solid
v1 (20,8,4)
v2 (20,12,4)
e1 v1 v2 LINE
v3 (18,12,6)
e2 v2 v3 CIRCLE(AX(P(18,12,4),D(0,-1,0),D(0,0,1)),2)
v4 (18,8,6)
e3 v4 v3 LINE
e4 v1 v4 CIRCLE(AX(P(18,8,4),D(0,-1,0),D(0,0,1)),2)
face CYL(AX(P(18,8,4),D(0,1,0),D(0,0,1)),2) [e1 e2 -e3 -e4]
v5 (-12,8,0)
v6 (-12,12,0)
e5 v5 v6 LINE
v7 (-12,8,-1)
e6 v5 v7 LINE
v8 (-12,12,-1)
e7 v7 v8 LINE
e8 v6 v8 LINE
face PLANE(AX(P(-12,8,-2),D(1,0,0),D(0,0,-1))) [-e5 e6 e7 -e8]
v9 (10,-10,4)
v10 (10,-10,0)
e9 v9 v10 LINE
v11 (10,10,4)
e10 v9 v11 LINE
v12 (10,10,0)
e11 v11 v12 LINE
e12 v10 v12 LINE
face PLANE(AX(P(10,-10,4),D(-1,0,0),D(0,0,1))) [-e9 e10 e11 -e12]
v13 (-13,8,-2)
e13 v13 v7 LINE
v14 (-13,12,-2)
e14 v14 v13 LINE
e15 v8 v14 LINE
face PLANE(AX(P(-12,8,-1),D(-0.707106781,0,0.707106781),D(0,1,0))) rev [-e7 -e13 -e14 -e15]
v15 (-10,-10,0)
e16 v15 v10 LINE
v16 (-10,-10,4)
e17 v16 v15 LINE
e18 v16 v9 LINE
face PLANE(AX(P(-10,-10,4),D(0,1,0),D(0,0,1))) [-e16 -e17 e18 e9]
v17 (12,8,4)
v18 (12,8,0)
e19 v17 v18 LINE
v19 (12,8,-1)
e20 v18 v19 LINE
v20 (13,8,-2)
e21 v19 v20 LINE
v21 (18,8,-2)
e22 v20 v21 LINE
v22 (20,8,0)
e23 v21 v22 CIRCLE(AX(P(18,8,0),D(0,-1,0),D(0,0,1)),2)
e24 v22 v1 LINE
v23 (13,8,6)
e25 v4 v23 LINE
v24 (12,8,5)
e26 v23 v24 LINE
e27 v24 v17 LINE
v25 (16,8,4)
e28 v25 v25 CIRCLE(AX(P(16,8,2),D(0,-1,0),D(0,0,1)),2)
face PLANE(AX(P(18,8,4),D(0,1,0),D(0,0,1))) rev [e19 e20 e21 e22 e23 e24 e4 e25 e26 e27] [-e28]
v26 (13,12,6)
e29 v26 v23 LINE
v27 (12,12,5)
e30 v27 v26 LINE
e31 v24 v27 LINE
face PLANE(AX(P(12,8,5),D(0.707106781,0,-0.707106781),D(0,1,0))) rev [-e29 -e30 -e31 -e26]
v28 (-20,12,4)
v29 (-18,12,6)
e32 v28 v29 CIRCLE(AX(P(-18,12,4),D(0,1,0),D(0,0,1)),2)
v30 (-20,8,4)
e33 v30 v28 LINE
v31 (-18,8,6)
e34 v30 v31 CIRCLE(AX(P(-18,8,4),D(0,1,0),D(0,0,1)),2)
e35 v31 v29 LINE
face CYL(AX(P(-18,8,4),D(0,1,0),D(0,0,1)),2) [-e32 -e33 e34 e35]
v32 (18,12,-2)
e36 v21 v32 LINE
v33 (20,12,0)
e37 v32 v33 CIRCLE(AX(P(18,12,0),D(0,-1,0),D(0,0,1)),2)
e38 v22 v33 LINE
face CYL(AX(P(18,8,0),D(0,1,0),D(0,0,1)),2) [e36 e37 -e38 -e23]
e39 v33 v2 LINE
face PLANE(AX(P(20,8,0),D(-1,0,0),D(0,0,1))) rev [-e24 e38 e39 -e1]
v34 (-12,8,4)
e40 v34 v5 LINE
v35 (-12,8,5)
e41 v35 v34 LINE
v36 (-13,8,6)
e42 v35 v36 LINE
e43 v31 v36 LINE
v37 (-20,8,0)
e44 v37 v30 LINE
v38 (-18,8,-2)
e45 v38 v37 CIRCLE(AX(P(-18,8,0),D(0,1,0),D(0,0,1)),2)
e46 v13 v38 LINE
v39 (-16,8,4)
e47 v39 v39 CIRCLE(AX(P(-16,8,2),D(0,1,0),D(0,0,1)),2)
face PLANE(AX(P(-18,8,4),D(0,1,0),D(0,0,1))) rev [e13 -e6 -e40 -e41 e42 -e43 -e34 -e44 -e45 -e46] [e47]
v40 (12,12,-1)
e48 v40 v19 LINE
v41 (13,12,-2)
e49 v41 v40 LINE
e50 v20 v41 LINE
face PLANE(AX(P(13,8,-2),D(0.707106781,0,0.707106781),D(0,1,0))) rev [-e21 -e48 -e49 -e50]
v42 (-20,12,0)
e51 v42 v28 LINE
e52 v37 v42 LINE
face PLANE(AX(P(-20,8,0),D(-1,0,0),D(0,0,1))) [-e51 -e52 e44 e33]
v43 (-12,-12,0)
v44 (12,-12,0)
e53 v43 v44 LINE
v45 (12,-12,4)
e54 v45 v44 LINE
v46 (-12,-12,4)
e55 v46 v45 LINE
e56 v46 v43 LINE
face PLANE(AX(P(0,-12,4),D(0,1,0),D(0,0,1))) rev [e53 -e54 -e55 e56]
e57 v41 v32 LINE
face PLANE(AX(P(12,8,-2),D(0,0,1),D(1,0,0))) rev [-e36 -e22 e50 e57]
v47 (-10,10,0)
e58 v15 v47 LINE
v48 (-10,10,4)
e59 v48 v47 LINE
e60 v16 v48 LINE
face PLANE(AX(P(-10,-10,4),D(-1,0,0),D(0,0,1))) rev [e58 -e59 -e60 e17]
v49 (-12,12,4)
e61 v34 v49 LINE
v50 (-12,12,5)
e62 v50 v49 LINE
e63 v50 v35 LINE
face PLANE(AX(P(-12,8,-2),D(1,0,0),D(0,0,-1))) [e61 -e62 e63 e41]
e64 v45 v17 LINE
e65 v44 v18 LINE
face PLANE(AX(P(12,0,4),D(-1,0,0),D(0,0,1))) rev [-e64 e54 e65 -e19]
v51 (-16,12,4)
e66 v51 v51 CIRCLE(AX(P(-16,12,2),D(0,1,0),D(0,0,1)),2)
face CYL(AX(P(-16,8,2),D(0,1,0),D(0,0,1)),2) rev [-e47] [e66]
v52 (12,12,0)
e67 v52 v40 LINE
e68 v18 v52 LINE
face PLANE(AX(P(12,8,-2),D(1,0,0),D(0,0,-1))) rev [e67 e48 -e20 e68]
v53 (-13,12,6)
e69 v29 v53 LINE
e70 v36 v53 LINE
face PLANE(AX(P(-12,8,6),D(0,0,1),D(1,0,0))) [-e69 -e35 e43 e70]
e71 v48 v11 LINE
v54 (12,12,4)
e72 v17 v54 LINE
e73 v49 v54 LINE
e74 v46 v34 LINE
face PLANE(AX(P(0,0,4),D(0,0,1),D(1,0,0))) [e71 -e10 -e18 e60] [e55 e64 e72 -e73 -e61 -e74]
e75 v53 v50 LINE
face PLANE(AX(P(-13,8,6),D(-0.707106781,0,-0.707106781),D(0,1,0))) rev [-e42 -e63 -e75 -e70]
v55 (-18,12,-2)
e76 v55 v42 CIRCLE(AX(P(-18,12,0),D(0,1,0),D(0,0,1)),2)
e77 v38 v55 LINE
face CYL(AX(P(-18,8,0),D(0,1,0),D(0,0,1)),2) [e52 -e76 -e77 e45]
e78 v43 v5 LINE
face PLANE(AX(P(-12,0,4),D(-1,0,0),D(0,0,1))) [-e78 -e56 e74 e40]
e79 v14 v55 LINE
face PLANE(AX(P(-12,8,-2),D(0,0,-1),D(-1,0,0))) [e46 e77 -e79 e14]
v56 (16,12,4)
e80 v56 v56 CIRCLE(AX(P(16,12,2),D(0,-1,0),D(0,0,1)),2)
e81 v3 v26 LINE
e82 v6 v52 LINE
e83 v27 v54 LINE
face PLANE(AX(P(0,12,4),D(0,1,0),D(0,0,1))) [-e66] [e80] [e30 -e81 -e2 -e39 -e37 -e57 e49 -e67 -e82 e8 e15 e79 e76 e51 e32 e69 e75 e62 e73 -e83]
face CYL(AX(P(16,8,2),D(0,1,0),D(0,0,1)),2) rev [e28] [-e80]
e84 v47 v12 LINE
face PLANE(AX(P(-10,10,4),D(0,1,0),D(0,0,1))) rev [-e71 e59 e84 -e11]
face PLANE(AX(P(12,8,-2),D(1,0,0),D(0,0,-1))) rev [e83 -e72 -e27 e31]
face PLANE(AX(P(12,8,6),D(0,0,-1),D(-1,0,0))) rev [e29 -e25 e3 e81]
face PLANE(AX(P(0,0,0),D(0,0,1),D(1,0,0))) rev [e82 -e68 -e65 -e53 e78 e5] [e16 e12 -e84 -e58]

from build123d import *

# Parameters (mm, degrees)
SKETCH_1_W                 = 24
SKETCH_1_H                 = 24
SKETCH_1_W_2               = 20
SKETCH_1_H_2               = 20
EXTRUDE_1_DEPTH            = 4
SKETCH_6_R                 = 2
EXTRUDE_2_DEPTH            = 4
CHAMFER_1_SIZE             = 1
CHAMFER_1_OF_MIRROR_1_SIZE = 1


with BuildPart() as part:
    # Эскиз1 → Бобышка-Вытянуть1 (new body)
    with BuildSketch(Plane.XY):
        Rectangle(SKETCH_1_W, SKETCH_1_H)
        Rectangle(SKETCH_1_W_2, SKETCH_1_H_2, mode=Mode.SUBTRACT)
    extrude(amount=EXTRUDE_1_DEPTH)

    # Эскиз6 → Бобышка-Вытянуть2 (add)
    with BuildSketch(Plane(origin=(0, 12, 0), x_dir=(1, 0, 0), z_dir=(0, 1, 0))):
        with BuildLine():
            Line((-12, 2), (-18, 2))
            ThreePointArc((-18, 2), (-19.414213562, 1.414213562), (-20, 0))
            Line((-20, 0), (-20, -4))
            ThreePointArc((-20, -4), (-19.414213562, -5.414213562), (-18, -6))
            Line((-18, -6), (-12, -6))
            Line((-12, -6), (-12, 2))
        make_face()
        with Locations(Location((-16, -2, 0), (0, 0, 270))):
            Circle(SKETCH_6_R, mode=Mode.SUBTRACT)
    extrude_2 = extrude(amount=-EXTRUDE_2_DEPTH)

    # Фаска1
    chamfer_1_edges = [part.edges().sort_by_distance(p)[0] for p in [
        (-12, 10, -2),
        (-12, 10, 6),
    ]]
    chamfer(chamfer_1_edges, length=CHAMFER_1_SIZE)

    # Зеркальное отражение1: Бобышка-Вытянуть2 across plane
    add(extrude_2.mirror(Plane(origin=(0, 0, 0), x_dir=(0, 0, 1), z_dir=(1, 0, 0))))

    # Фаска1 of Зеркальное отражение1
    chamfer_1_of_mirror_1_edges = [part.edges().sort_by_distance(p)[0] for p in [
        (12, 10, -2),
        (12, 10, 6),
    ]]
    chamfer(chamfer_1_of_mirror_1_edges, length=CHAMFER_1_OF_MIRROR_1_SIZE)


solid = part.part
